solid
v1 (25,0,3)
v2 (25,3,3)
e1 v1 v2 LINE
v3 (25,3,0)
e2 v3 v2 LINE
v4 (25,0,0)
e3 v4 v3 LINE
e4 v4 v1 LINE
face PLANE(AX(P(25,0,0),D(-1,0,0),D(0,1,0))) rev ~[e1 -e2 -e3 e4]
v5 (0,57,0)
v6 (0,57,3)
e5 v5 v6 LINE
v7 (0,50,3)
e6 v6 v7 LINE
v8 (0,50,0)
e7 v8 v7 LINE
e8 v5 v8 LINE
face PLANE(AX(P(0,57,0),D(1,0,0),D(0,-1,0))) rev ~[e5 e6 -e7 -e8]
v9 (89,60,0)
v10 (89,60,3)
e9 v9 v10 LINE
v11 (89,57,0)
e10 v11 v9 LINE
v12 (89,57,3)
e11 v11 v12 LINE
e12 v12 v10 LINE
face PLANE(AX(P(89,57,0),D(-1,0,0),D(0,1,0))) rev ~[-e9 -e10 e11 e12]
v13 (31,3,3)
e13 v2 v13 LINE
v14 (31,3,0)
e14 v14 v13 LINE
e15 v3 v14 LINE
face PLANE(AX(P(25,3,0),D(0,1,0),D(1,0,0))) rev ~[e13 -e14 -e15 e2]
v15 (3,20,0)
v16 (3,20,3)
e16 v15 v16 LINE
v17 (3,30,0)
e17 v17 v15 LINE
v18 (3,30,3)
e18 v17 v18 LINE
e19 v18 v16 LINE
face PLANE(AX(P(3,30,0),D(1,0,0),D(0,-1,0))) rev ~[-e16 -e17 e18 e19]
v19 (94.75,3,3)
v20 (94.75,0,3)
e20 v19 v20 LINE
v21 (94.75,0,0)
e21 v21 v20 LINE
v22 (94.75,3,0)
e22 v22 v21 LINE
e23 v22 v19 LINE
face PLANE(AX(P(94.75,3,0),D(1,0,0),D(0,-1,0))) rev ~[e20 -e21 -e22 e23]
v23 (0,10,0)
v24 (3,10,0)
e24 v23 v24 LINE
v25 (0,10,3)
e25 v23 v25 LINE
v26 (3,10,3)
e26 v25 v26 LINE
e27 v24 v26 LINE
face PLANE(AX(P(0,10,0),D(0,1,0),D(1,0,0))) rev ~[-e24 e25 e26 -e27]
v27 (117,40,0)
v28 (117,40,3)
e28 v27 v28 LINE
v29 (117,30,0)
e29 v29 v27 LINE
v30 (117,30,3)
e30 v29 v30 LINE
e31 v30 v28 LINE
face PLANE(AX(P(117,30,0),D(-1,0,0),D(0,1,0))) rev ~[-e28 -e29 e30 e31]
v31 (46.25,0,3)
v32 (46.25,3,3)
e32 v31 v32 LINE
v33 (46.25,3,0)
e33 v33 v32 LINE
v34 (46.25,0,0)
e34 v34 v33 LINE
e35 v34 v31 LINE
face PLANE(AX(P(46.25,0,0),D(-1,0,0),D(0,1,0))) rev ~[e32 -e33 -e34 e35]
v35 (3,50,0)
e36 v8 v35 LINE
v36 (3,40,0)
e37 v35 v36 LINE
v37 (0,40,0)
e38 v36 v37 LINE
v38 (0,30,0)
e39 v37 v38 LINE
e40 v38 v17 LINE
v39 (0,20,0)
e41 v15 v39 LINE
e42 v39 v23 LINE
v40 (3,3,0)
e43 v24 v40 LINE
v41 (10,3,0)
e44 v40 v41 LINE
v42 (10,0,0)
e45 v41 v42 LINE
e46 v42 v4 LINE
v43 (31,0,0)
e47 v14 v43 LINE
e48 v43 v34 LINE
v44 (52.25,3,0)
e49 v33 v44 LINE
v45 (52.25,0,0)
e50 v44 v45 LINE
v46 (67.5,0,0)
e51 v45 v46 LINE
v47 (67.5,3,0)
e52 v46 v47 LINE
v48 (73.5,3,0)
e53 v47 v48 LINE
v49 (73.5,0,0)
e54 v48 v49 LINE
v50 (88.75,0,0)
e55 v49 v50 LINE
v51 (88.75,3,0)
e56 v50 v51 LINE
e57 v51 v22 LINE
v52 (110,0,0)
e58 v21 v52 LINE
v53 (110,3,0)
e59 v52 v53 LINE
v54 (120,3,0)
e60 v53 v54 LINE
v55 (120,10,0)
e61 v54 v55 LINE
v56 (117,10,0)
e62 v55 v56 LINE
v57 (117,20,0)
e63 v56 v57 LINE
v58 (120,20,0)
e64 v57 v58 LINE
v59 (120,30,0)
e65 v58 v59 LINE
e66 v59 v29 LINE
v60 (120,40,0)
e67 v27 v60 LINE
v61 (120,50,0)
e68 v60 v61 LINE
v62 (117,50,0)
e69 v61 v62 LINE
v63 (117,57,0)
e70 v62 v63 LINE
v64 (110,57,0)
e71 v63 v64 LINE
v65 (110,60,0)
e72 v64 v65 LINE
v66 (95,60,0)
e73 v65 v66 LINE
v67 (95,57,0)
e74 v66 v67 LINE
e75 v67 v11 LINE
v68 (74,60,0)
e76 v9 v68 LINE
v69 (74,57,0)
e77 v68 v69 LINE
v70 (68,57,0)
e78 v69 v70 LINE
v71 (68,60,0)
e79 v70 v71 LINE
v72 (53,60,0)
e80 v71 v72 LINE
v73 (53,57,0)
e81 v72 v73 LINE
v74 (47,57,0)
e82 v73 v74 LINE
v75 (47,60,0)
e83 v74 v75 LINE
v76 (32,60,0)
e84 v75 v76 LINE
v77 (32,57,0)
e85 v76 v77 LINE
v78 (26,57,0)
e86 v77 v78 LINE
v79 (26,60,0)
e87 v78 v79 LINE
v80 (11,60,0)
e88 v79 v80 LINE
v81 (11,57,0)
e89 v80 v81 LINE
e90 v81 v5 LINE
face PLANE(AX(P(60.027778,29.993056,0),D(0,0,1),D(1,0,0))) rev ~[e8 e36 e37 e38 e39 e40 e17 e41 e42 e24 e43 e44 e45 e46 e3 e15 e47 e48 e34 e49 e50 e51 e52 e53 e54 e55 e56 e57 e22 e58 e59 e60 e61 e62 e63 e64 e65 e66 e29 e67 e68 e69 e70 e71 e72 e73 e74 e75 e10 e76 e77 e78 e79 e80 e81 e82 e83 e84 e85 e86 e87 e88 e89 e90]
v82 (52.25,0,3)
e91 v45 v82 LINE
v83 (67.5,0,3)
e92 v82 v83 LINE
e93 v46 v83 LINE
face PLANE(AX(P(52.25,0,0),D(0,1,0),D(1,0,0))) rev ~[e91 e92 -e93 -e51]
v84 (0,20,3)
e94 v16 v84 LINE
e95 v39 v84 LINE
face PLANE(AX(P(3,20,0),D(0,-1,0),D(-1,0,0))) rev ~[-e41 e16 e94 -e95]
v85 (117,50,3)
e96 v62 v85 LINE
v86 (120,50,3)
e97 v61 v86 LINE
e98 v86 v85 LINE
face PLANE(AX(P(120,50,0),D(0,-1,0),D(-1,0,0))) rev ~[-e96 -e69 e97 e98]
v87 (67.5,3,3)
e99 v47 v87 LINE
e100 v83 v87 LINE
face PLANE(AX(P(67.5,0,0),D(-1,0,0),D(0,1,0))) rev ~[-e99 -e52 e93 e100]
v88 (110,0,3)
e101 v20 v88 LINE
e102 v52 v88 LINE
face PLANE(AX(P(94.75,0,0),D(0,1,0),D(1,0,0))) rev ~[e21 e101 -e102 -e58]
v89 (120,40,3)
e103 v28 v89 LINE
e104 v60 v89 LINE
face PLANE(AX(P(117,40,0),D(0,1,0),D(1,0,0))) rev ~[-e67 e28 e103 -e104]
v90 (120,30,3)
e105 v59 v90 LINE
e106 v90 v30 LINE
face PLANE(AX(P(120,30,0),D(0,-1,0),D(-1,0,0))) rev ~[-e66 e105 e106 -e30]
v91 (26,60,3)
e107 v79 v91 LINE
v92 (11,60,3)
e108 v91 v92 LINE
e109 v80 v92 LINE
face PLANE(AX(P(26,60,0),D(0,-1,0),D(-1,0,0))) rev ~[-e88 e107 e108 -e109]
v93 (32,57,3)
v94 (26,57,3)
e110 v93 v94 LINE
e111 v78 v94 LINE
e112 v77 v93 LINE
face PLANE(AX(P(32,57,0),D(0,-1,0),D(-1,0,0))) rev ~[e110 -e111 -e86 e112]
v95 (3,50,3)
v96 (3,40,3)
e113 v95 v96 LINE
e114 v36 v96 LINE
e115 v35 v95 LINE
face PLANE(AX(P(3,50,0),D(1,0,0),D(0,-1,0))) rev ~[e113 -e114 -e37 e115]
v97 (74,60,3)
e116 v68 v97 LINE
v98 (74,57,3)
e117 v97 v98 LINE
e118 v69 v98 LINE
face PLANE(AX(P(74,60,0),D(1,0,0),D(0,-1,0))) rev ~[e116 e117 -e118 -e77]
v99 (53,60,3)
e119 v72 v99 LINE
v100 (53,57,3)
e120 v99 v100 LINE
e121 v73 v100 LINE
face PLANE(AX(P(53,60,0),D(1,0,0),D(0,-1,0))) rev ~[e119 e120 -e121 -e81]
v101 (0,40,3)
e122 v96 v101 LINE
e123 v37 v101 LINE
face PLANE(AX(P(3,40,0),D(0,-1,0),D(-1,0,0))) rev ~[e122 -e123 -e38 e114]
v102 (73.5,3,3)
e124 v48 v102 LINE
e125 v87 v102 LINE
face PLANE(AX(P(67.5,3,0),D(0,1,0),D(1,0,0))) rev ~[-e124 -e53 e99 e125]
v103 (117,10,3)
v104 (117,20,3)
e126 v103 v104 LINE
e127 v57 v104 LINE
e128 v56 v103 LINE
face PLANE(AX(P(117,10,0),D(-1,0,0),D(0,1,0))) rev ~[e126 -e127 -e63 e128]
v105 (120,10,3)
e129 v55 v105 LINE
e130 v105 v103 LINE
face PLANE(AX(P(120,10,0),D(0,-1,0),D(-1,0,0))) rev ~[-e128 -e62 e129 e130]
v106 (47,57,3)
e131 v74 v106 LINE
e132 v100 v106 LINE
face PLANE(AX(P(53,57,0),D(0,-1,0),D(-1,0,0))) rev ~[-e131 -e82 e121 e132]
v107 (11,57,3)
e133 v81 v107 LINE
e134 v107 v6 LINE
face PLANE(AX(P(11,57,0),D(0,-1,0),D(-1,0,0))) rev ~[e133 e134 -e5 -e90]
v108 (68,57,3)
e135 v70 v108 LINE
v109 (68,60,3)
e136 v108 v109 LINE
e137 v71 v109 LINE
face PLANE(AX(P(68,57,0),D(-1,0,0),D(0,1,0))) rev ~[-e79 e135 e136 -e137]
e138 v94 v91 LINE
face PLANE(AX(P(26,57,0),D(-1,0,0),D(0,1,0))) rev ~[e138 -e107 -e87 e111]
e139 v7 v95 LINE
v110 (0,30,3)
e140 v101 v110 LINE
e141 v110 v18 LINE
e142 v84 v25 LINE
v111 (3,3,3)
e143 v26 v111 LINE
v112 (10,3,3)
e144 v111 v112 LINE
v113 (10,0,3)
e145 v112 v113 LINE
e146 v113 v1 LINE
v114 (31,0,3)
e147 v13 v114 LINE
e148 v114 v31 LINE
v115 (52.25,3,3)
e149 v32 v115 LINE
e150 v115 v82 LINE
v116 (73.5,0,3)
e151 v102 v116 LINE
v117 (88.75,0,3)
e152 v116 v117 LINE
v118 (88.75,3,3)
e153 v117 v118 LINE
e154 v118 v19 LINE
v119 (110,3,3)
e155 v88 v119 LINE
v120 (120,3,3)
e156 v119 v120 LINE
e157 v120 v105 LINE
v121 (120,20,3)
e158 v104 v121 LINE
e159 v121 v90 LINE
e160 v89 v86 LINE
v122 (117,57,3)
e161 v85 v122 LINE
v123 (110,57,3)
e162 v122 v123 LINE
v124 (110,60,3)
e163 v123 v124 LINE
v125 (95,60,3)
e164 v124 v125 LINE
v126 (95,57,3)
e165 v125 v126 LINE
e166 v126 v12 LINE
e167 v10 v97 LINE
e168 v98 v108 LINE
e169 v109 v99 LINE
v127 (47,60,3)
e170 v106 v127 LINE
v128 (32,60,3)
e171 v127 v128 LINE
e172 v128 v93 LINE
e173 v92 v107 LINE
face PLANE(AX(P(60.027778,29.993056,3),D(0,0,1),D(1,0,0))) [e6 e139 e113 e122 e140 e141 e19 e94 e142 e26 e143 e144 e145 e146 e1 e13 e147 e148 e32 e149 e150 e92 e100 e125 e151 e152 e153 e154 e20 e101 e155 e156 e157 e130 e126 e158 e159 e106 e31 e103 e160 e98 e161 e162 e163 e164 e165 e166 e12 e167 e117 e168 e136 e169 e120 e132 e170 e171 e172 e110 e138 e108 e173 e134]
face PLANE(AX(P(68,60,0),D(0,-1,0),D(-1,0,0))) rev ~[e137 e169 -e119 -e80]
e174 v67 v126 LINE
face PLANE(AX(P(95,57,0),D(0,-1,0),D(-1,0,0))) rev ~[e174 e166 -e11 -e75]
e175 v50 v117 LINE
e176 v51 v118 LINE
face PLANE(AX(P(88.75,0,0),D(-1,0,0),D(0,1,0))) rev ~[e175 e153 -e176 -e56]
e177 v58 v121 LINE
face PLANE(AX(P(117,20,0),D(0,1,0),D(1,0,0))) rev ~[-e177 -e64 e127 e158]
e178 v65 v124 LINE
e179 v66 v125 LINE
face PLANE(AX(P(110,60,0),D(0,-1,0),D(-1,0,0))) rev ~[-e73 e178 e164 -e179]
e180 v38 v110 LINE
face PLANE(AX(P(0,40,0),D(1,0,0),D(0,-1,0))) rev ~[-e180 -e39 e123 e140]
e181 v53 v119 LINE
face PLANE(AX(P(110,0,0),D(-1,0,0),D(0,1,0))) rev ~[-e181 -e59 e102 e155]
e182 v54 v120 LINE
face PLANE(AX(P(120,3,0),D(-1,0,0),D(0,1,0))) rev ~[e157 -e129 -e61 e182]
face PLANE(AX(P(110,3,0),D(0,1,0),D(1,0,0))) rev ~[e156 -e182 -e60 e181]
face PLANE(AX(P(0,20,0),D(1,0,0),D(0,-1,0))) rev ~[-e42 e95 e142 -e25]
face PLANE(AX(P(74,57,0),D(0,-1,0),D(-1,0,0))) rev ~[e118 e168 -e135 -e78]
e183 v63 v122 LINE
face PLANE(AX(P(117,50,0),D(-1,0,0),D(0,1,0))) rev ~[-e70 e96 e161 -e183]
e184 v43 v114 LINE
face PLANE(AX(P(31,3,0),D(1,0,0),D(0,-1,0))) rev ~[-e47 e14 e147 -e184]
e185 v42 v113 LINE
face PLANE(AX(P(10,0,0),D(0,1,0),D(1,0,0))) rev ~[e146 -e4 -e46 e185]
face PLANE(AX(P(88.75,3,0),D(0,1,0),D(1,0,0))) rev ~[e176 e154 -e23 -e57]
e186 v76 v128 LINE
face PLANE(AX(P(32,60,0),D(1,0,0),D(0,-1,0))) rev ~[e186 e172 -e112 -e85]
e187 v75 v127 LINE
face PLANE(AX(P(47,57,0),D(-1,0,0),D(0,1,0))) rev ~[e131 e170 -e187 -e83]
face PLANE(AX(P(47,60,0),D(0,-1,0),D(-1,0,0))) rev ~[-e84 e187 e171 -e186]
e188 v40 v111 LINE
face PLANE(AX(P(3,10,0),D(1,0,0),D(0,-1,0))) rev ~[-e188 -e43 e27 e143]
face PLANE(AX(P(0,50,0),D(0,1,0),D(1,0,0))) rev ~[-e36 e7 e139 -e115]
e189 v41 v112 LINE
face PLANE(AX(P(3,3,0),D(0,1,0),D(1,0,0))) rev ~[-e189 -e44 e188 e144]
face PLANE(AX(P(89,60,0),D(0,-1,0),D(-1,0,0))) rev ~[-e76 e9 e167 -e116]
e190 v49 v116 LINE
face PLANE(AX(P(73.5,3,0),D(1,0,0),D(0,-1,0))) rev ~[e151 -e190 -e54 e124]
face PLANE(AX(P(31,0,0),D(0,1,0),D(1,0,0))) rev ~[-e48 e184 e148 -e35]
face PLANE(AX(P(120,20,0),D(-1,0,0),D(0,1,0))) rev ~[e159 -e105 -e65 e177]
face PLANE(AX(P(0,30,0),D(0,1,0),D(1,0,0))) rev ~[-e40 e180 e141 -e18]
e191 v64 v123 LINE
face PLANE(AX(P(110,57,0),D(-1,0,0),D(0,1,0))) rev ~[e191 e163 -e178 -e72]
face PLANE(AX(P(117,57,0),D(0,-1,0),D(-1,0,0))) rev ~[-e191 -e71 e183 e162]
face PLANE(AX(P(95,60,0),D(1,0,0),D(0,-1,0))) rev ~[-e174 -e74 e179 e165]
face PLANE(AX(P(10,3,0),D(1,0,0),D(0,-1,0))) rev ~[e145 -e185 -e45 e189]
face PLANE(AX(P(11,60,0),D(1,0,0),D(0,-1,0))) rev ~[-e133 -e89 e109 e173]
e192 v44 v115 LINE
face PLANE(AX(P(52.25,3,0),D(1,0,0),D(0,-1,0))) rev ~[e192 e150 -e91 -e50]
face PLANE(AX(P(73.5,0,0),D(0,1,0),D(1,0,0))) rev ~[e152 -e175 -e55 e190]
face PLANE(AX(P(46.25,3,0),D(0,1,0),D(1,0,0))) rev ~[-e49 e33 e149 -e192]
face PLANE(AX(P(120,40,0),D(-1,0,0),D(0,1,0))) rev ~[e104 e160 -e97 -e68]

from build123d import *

# Parameters (mm, degrees)
BOSS_EXTRUDE1_DEPTH = 3


with BuildPart() as part:
    # Sketch1 → Boss-Extrude1 (new body)
    with BuildSketch(Plane.XY):
        Polygon((120, 3), (120, 10), (117, 10), (117, 20), (120, 20), (120, 30), (117, 30), (117, 40), (120, 40), (120, 50), (117, 50), (117, 57), (110, 57), (110, 60), (95, 60), (95, 57), (89, 57), (89, 60), (74, 60), (74, 57), (68, 57), (68, 60), (53, 60), (53, 57), (47, 57), (47, 60), (32, 60), (32, 57), (26, 57), (26, 60), (11, 60), (11, 57), (5, 57), (0, 57), (0, 50), (3, 50), (3, 40), (0, 40), (0, 30), (3, 30), (3, 20), (0, 20), (0, 10), (3, 10), (3, 3), (10, 3), (10, 0), (25, 0), (25, 3), (31, 3), (31, 0), (46.25, 0), (46.25, 3), (52.25, 3), (52.25, 0), (67.5, 0), (67.5, 3), (73.5, 3), (73.5, 0), (88.75, 0), (88.75, 3), (94.75, 3), (94.75, 0), (110, 0), (110, 3), (116, 3), align=None)
    extrude(amount=BOSS_EXTRUDE1_DEPTH)


solid = part.part
